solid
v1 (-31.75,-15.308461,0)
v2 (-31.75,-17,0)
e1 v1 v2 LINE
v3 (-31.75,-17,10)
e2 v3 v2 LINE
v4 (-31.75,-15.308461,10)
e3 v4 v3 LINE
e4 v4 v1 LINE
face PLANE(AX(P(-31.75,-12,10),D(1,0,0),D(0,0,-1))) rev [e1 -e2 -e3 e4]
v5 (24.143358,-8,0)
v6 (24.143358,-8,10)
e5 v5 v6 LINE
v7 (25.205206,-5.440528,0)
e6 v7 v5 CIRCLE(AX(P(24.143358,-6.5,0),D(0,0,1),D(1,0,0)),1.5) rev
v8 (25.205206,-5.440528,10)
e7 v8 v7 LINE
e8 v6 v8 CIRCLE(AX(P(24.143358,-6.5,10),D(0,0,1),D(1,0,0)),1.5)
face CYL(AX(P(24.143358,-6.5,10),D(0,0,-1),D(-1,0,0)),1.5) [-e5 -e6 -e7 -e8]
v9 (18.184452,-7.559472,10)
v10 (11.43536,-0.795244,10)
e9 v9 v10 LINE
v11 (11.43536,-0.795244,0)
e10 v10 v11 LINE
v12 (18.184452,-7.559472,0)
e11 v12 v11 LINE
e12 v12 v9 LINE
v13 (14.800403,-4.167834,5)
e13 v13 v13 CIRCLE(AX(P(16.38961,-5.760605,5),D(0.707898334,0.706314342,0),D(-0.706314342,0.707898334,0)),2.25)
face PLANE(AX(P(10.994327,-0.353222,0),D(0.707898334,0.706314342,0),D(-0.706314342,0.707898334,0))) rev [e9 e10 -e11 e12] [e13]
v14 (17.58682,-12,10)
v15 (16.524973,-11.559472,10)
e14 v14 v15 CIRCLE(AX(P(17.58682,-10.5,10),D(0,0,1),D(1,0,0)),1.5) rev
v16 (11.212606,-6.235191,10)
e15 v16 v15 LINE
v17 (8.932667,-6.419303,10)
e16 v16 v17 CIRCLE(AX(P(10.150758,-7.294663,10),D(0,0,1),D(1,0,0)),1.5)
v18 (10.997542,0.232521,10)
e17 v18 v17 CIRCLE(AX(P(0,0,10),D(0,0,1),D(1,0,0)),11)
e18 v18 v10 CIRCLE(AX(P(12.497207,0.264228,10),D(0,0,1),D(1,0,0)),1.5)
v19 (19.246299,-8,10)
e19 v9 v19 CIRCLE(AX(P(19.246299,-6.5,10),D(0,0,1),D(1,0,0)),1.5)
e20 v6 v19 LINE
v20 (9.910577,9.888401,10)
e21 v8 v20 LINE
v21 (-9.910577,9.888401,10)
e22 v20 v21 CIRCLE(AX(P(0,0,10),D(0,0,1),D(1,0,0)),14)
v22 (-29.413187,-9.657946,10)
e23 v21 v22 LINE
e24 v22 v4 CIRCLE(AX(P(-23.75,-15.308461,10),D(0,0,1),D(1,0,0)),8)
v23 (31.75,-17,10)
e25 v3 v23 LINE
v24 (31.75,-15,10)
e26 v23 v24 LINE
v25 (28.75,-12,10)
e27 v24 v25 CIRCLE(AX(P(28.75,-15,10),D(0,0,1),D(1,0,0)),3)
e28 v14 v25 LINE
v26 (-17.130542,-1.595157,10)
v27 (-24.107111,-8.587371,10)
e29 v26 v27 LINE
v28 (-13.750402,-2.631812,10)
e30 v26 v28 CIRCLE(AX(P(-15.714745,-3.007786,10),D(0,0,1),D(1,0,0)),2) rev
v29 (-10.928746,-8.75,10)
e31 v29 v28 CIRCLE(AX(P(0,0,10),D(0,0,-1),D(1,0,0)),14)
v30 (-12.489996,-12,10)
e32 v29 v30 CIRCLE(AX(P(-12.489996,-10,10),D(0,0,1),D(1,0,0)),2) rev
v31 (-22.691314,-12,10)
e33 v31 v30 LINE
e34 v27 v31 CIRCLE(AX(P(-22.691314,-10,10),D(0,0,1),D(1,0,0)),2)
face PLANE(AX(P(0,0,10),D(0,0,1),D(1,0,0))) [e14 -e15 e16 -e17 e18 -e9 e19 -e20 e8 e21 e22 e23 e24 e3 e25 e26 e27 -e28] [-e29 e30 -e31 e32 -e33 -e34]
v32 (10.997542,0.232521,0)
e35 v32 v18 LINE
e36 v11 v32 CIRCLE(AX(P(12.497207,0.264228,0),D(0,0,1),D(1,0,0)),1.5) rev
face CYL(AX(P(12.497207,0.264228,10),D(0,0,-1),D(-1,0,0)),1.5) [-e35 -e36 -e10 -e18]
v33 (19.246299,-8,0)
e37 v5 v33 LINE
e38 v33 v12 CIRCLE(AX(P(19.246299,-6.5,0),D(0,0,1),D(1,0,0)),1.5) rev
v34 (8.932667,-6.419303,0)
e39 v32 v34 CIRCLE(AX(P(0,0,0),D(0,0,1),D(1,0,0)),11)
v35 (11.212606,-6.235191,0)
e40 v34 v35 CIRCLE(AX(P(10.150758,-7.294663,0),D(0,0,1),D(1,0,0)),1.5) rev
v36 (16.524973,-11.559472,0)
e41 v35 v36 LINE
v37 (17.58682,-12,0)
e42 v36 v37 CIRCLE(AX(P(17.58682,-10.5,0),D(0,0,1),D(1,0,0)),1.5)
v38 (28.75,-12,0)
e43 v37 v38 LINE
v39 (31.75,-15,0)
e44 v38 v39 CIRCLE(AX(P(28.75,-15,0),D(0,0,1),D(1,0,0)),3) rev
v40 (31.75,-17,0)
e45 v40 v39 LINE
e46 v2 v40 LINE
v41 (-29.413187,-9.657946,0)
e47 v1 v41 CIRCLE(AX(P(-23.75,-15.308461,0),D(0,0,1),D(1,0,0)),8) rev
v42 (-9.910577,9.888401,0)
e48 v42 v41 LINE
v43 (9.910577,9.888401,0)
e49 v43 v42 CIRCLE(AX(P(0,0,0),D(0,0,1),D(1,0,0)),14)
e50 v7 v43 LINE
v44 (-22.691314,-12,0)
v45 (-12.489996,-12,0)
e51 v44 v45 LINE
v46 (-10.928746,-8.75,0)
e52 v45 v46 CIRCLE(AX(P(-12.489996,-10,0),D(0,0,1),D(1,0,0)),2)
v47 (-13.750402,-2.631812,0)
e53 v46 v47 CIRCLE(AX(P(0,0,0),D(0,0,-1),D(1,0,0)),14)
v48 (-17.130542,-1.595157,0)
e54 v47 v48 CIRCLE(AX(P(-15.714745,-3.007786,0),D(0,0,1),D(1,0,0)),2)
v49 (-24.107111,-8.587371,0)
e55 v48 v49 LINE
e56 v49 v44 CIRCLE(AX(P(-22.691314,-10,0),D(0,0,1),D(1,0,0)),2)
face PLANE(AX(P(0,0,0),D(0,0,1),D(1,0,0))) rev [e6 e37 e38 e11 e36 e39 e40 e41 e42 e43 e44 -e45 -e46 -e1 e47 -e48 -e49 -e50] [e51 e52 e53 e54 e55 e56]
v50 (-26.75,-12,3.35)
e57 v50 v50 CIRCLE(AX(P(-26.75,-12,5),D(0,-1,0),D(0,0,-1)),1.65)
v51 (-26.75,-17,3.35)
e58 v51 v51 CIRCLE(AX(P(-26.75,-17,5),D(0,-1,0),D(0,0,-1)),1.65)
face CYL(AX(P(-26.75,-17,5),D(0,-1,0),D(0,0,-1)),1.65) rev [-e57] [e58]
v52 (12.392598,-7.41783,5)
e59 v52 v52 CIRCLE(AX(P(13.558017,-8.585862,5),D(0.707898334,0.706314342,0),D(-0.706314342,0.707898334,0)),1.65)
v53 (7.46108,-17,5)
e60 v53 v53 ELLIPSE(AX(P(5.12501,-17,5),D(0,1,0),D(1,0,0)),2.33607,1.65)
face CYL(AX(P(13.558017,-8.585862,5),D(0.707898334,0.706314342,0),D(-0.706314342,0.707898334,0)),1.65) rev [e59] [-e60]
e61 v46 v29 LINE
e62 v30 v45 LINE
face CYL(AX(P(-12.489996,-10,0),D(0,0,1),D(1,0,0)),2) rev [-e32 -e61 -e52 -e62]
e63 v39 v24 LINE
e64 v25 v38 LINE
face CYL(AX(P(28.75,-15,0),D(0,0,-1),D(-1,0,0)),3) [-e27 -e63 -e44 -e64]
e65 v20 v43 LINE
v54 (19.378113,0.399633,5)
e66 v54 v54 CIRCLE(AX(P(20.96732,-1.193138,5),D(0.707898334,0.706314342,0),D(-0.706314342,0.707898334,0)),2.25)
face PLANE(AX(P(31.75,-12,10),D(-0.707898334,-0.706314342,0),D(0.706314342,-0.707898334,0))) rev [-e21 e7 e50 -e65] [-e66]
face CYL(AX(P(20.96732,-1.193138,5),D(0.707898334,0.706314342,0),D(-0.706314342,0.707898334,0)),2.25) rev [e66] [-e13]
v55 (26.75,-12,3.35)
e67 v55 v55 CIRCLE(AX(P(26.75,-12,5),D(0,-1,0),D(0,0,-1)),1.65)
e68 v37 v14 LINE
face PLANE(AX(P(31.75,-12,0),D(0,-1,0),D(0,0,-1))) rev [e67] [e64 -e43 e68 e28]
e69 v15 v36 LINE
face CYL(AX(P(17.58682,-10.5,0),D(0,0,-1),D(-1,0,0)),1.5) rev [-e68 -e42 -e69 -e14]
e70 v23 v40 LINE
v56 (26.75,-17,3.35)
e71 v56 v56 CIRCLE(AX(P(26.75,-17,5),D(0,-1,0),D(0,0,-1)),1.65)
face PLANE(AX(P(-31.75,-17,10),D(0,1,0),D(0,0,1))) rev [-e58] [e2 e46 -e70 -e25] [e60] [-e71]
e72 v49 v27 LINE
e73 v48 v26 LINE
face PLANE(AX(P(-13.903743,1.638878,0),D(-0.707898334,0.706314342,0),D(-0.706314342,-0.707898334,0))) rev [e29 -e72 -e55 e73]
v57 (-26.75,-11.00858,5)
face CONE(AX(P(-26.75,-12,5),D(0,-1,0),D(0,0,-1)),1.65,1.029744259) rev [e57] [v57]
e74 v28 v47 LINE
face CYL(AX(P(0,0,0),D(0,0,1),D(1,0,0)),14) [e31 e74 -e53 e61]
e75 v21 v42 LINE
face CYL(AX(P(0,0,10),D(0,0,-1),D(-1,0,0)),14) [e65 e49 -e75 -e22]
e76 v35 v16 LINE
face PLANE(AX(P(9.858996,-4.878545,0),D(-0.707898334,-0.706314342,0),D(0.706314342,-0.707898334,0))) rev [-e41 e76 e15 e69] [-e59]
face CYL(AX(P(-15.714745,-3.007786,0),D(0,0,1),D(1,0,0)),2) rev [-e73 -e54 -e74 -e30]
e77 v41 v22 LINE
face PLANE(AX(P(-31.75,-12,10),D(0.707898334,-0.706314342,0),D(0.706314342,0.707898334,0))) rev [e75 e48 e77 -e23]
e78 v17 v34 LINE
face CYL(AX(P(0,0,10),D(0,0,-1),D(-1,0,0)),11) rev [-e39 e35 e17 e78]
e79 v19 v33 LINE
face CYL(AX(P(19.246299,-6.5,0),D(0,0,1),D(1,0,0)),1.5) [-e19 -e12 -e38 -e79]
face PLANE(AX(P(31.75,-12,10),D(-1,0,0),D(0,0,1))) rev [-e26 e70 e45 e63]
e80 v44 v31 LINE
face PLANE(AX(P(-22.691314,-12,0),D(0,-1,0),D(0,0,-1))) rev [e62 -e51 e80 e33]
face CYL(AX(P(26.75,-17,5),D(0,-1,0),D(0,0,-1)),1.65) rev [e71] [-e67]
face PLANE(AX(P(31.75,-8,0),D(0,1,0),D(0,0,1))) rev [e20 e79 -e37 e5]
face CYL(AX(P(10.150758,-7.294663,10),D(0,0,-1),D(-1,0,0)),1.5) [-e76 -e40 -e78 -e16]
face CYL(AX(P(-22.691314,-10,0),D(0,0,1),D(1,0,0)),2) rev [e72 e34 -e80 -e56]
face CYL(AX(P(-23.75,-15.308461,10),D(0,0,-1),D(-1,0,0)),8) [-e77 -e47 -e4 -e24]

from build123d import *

# Parameters (mm, degrees)
SKETCH_1_R            = 11
EXTRUDE_1_DEPTH       = 10
CUT_EXTRUDE_1_DEPTH   = 11
FILLET_1_R            = 1.5
M4X0_71_D             = 3.3
M4X0_71_DEPTH         = 5
M4X0_71_TIP           = 0.991420021
HOLE_WIZARD_M41_D     = 4.5
HOLE_WIZARD_M41_DEPTH = 6.466619964
M4X0_72_D             = 3.3
FILLET_2_R            = 3
CUT_EXTRUDE_2_DEPTH   = 11
FILLET_3_R            = 2
FILLET_5_R            = 8


with BuildPart() as part:
    # Эскиз1 → Бобышка-Вытянуть1 (new body)
    with BuildSketch(Plane.XY):
        with BuildLine():
            Line((-31.75, -12), (-9.910576673, 9.888400781))
            ThreePointArc((-9.910576673, 9.888400781), (0, 14), (9.910576673, 9.888400781))
            Line((9.910576673, 9.888400781), (31.75, -12))
            Line((31.75, -12), (31.75, -17))
            Line((31.75, -17), (-31.75, -17))
            Line((-31.75, -17), (-31.75, -12))
        make_face()
        Circle(SKETCH_1_R, mode=Mode.SUBTRACT)
    extrude(amount=EXTRUDE_1_DEPTH)

    # Эскиз2 → Вырез-Вытянуть1 (cut, through all)
    with BuildSketch(Plane.XY.offset(10)):
        Polygon((10.994327356, -0.353222306), (18.623994631, -8), (31.75, -8), (31.75, -12), (16.964515327, -12), (9.858995646, -4.878545362), align=None)
    extrude(amount=-CUT_EXTRUDE_1_DEPTH, mode=Mode.SUBTRACT)

    # Скругление1
    fillet_1_edges = [part.edges().sort_by_distance(p)[0] for p in [
        (27.758950394, -8, 5),
        (18.623994631, -8, 5),
        (9.858995646, -4.878545362, 5),
        (10.994327356, -0.353222306, 5),
        (16.964515327, -12, 5),
    ]]
    fillet(fillet_1_edges, radius=FILLET_1_R)

    # Отверстие обработанное метчиком M4x0.71
    with Locations(Plane(origin=(0, -17, 0), x_dir=(-1, 0, 0), z_dir=(0, -1, 0))):
        with Locations((26.75, -5), (-26.75, -5)):
            Hole(M4X0_71_D / 2, depth=M4X0_71_DEPTH)
            with Locations((0, 0, -(M4X0_71_DEPTH + M4X0_71_TIP / 2))):  # 118° drill point
                Cone(0, M4X0_71_D / 2, M4X0_71_TIP, mode=Mode.SUBTRACT)

    # Отверстие с зазором M41
    with Locations(Plane(origin=(9.910576673, 9.888400781, 0), x_dir=(0, 0, -1), z_dir=(0.707898334, 0.706314342, 0))):
        with Locations((-5, -15.654139496)):
            Hole(HOLE_WIZARD_M41_D / 2, depth=HOLE_WIZARD_M41_DEPTH)

    # Отверстие обработанное метчиком M4x0.72 (through all)
    with Locations(Plane(origin=(2.50127384, 2.495676993, 0), x_dir=(0, 0, -1), z_dir=(0.707898334, 0.706314342, 0))):
        with Locations((-5, -15.654139496)):
            Hole(M4X0_72_D / 2)

    # Скругление2
    fillet_2_edges = [part.edges().sort_by_distance(p)[0] for p in [
        (31.75, -12, 5),
    ]]
    fillet(fillet_2_edges, radius=FILLET_2_R)

    # Эскиз11 → Вырез-Вытянуть2 (cut, through all)
    with BuildSketch(Plane.XY.offset(10)):
        with BuildLine():
            Line((-13.9037433, 1.638878353), (-24.107110728, -8.587371317))
            ThreePointArc((-24.107110728, -8.587371317), (-24.53864421, -10.766401538), (-22.69131406, -12))
            Line((-22.69131406, -12), (-7.211102551, -12))
            ThreePointArc((-7.211102551, -12), (-12.568370201, -6.167339012), (-13.9037433, 1.638878353))
        make_face()
    extrude(amount=-CUT_EXTRUDE_2_DEPTH, mode=Mode.SUBTRACT)

    # Скругление3
    fillet_3_edges = [part.edges().sort_by_distance(p)[0] for p in [
        (-13.9037433, 1.638878353, 5),
        (-7.211102551, -12, 5),
    ]]
    fillet(fillet_3_edges, radius=FILLET_3_R)

    # Скругление5
    fillet_5_edges = [part.edges().sort_by_distance(p)[0] for p in [
        (-31.75, -12, 5),
    ]]
    fillet(fillet_5_edges, radius=FILLET_5_R)


solid = part.part
